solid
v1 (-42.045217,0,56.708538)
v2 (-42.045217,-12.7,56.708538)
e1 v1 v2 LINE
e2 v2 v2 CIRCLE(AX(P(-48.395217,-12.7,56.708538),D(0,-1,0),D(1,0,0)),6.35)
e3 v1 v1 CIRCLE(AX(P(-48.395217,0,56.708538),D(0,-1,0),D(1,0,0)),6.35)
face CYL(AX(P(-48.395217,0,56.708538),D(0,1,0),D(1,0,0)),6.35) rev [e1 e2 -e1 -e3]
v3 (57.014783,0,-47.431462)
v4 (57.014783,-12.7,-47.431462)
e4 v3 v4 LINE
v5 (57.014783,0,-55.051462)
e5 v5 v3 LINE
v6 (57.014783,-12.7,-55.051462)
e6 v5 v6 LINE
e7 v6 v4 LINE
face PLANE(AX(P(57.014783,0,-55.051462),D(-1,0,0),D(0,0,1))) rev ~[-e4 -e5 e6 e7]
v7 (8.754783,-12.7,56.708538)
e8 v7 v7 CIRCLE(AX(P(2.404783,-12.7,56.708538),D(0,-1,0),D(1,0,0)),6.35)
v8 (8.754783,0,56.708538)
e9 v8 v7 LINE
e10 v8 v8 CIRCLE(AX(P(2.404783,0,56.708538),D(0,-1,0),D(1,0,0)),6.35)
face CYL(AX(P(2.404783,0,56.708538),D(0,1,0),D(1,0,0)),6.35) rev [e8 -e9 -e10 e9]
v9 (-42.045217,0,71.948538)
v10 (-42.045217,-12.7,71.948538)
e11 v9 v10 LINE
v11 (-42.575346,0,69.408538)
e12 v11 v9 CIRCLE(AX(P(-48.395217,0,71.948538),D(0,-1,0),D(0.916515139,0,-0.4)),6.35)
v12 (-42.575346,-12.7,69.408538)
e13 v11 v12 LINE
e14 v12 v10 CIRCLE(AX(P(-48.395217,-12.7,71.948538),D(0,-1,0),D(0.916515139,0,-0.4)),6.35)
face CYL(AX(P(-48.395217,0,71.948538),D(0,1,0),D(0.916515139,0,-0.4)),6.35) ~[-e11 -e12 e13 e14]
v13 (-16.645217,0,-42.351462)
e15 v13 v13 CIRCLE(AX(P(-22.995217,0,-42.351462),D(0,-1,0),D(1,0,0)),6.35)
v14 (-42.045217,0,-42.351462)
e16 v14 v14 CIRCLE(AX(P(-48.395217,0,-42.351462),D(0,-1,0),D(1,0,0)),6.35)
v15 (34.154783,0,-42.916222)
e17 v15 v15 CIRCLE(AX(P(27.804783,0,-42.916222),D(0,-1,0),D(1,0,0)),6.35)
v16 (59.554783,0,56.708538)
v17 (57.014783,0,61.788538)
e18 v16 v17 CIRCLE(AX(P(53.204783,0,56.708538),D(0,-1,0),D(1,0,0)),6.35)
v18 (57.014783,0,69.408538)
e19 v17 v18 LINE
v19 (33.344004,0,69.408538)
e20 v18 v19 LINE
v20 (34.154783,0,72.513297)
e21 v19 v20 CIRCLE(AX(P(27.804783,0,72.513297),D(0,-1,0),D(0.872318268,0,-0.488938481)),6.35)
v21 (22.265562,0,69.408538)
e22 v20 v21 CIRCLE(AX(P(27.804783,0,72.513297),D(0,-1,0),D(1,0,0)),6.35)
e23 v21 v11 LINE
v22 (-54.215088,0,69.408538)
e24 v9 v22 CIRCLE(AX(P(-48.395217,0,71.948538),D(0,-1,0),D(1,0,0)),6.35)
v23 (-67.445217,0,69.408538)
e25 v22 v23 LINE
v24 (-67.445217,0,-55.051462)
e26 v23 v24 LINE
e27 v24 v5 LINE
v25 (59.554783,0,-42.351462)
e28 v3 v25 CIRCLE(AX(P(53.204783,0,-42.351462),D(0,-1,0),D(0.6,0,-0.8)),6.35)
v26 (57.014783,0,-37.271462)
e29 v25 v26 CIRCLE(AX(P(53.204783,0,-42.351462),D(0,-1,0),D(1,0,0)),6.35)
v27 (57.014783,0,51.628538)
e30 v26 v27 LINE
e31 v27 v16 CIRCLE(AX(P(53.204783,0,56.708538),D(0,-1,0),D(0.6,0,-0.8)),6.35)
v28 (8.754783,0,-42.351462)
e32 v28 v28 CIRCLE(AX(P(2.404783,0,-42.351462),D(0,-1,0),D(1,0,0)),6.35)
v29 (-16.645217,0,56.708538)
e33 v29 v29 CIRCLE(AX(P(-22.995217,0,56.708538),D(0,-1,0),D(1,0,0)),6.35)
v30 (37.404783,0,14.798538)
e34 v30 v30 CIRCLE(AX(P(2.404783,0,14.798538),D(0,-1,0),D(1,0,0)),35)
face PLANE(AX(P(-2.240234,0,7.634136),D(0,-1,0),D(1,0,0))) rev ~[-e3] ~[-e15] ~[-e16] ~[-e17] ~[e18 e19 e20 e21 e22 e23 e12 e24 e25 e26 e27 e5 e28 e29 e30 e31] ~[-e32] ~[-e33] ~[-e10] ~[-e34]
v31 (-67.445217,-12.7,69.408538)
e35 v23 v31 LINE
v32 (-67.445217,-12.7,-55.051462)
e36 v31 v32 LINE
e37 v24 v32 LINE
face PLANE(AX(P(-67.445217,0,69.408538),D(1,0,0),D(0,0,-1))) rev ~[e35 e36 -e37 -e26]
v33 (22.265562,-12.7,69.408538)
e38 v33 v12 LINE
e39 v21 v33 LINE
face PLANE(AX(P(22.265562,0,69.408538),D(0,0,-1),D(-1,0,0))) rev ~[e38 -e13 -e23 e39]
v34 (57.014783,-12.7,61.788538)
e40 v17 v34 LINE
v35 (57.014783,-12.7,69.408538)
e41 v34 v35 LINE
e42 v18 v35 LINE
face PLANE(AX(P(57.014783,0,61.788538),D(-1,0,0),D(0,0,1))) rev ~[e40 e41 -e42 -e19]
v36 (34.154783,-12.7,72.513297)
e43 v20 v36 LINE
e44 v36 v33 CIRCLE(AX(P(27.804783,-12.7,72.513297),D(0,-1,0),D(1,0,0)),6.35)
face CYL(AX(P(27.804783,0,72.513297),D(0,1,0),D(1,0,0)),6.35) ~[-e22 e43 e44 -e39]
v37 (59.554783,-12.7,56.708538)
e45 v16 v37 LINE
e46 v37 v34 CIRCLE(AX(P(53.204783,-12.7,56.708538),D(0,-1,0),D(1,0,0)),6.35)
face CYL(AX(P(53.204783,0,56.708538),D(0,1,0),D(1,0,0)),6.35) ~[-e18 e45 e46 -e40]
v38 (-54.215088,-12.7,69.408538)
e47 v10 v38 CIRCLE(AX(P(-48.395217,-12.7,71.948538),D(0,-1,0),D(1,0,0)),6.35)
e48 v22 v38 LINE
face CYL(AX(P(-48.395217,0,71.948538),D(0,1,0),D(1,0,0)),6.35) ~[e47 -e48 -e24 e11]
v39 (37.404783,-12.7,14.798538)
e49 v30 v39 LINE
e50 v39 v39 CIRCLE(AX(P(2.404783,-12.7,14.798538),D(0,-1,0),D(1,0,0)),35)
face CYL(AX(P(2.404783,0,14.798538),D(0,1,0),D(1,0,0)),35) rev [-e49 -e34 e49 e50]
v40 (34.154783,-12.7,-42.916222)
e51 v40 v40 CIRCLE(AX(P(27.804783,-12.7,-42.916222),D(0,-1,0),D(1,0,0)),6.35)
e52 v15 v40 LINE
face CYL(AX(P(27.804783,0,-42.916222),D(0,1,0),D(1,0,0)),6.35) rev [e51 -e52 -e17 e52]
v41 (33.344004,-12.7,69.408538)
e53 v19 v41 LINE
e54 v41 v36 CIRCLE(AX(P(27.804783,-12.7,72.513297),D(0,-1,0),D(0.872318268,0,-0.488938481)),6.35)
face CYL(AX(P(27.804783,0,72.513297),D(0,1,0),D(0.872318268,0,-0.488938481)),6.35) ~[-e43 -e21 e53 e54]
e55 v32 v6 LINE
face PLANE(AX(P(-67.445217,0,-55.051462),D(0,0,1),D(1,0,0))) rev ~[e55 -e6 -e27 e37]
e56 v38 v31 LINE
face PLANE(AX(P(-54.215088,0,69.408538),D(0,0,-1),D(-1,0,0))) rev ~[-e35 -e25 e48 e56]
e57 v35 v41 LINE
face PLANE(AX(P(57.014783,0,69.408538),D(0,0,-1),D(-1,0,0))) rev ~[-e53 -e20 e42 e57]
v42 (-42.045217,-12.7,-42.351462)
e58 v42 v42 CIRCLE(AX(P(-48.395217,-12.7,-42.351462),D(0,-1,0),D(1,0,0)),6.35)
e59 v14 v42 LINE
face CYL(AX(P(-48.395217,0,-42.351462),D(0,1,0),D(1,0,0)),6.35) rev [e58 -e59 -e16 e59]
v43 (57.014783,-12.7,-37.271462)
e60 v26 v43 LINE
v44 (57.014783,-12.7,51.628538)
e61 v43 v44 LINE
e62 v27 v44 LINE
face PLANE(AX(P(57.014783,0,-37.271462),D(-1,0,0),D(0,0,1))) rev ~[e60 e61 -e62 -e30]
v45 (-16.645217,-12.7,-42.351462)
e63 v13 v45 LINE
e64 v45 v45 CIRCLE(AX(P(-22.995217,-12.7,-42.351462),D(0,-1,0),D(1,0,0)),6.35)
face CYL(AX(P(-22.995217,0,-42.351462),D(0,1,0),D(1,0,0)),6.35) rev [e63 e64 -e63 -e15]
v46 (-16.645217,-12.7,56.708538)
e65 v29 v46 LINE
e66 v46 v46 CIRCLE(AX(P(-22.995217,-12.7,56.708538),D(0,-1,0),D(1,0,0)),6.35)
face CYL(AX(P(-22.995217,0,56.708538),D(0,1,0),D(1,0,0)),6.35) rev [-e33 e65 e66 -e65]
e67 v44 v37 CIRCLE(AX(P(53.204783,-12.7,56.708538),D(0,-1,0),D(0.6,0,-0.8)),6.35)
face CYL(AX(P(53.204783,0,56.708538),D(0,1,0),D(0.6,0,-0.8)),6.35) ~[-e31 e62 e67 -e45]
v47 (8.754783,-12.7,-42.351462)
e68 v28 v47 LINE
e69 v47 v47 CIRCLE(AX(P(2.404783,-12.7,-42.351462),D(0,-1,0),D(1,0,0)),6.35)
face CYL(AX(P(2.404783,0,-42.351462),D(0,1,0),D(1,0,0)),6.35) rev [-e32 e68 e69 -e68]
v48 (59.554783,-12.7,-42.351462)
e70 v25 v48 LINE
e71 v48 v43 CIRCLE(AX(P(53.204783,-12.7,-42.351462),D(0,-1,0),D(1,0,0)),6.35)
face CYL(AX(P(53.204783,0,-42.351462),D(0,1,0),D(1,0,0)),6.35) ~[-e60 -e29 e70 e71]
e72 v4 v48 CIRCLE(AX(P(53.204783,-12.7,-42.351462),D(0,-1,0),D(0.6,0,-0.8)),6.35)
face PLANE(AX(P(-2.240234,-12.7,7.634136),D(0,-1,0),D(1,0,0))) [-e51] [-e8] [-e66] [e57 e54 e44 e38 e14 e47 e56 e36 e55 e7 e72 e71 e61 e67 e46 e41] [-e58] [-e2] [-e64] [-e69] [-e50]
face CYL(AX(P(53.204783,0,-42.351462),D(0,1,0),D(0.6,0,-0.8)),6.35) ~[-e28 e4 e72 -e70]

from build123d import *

# Parameters (mm, degrees)
F0_R     = 6.35
F0_R_2   = 35
F1_DEPTH = 12.7


with BuildPart() as f1:
    # F0 (on Front) → F1 (new body)
    with BuildSketch(Plane.XZ):
        with BuildLine():
            Line((-54.2150882115, 69.4085378437), (-67.4452170789, 69.4085378437))
            Line((-67.4452170789, 69.4085378437), (-67.4452170789, -55.0514621563))
            Line((-67.4452170789, -55.0514621563), (57.0147829211, -55.0514621563))
            Line((57.0147829211, -55.0514621563), (57.0147829211, -47.4314621563))
            ThreePointArc((57.0147829211, -47.4314621563), (46.8547829211, -42.3514621563), (57.0147829211, -37.2714621563))
            Line((57.0147829211, -37.2714621563), (57.0147829211, 51.6285378437))
            ThreePointArc((57.0147829211, 51.6285378437), (46.8547829211, 56.7085378437), (57.0147829211, 61.7885378437))
            Line((57.0147829211, 61.7885378437), (57.0147829211, 69.4085378437))
            Line((57.0147829211, 69.4085378437), (33.3440039257, 69.4085378437))
            ThreePointArc((33.3440039257, 69.4085378437), (27.8047829211, 66.1632972002), (22.2655619164, 69.4085378437))
            Line((22.2655619164, 69.4085378437), (-42.5753459463, 69.4085378437))
            ThreePointArc((-42.5753459463, 69.4085378437), (-48.3952170789, 65.5985378437), (-54.2150882115, 69.4085378437))
        make_face()
        with Locations((-48.3952170789, -42.3514621563)):
            Circle(F0_R, mode=Mode.SUBTRACT)
        with Locations((-22.9952170789, -42.3514621563)):
            Circle(F0_R, mode=Mode.SUBTRACT)
        with Locations((2.4047829211, -42.3514621563)):
            Circle(F0_R, mode=Mode.SUBTRACT)
        with Locations((27.8047829211, -42.9162215128)):
            Circle(F0_R, mode=Mode.SUBTRACT)
        with Locations((-48.3952170789, 56.7085378437)):
            Circle(F0_R, mode=Mode.SUBTRACT)
        with Locations((-22.9952170789, 56.7085378437)):
            Circle(F0_R, mode=Mode.SUBTRACT)
        with Locations((2.4047829211, 14.7985378437)):
            Circle(F0_R_2, mode=Mode.SUBTRACT)
        with Locations((2.4047829211, 56.7085378437)):
            Circle(F0_R, mode=Mode.SUBTRACT)
        with BuildLine():
            ThreePointArc((-42.0452170789, 71.9485378437), (-49.6925833164, 78.1645929308), (-54.2150882115, 69.4085378437))
            Line((-54.2150882115, 69.4085378437), (-42.5753459463, 69.4085378437))
            ThreePointArc((-42.5753459463, 69.4085378437), (-42.1791619918, 70.6511716063), (-42.0452170789, 71.9485378437))
        make_face()
        with BuildLine():
            Line((-42.5753459463, 69.4085378437), (-54.2150882115, 69.4085378437))
            ThreePointArc((-54.2150882115, 69.4085378437), (-48.3952170789, 65.5985378437), (-42.5753459463, 69.4085378437))
        make_face()
        with BuildLine():
            ThreePointArc((34.1547829211, 72.5132972002), (26.2003442933, 78.6572598213), (22.2655619164, 69.4085378437))
            Line((22.2655619164, 69.4085378437), (33.3440039257, 69.4085378437))
            ThreePointArc((33.3440039257, 69.4085378437), (33.9487455422, 70.9088585724), (34.1547829211, 72.5132972002))
        make_face()
        with BuildLine():
            Line((33.3440039257, 69.4085378437), (22.2655619164, 69.4085378437))
            ThreePointArc((22.2655619164, 69.4085378437), (27.8047829211, 66.1632972002), (33.3440039257, 69.4085378437))
        make_face()
        with BuildLine():
            ThreePointArc((57.0147829211, -37.2714621563), (46.8547829211, -42.3514621563), (57.0147829211, -47.4314621563))
            Line((57.0147829211, -47.4314621563), (57.0147829211, -37.2714621563))
        make_face()
        with BuildLine():
            Line((57.0147829211, -37.2714621563), (57.0147829211, -47.4314621563))
            ThreePointArc((57.0147829211, -47.4314621563), (58.8843955839, -45.1912684877), (59.5547829211, -42.3514621563))
            ThreePointArc((59.5547829211, -42.3514621563), (58.8843955839, -39.5116558249), (57.0147829211, -37.2714621563))
        make_face()
        with BuildLine():
            ThreePointArc((57.0147829211, 61.7885378437), (46.8547829211, 56.7085378437), (57.0147829211, 51.6285378437))
            Line((57.0147829211, 51.6285378437), (57.0147829211, 61.7885378437))
        make_face()
        with BuildLine():
            Line((57.0147829211, 61.7885378437), (57.0147829211, 51.6285378437))
            ThreePointArc((57.0147829211, 51.6285378437), (58.8843955839, 53.8687315123), (59.5547829211, 56.7085378437))
            ThreePointArc((59.5547829211, 56.7085378437), (58.8843955839, 59.5483441751), (57.0147829211, 61.7885378437))
        make_face()
    extrude(amount=F1_DEPTH)


solid = f1.part
